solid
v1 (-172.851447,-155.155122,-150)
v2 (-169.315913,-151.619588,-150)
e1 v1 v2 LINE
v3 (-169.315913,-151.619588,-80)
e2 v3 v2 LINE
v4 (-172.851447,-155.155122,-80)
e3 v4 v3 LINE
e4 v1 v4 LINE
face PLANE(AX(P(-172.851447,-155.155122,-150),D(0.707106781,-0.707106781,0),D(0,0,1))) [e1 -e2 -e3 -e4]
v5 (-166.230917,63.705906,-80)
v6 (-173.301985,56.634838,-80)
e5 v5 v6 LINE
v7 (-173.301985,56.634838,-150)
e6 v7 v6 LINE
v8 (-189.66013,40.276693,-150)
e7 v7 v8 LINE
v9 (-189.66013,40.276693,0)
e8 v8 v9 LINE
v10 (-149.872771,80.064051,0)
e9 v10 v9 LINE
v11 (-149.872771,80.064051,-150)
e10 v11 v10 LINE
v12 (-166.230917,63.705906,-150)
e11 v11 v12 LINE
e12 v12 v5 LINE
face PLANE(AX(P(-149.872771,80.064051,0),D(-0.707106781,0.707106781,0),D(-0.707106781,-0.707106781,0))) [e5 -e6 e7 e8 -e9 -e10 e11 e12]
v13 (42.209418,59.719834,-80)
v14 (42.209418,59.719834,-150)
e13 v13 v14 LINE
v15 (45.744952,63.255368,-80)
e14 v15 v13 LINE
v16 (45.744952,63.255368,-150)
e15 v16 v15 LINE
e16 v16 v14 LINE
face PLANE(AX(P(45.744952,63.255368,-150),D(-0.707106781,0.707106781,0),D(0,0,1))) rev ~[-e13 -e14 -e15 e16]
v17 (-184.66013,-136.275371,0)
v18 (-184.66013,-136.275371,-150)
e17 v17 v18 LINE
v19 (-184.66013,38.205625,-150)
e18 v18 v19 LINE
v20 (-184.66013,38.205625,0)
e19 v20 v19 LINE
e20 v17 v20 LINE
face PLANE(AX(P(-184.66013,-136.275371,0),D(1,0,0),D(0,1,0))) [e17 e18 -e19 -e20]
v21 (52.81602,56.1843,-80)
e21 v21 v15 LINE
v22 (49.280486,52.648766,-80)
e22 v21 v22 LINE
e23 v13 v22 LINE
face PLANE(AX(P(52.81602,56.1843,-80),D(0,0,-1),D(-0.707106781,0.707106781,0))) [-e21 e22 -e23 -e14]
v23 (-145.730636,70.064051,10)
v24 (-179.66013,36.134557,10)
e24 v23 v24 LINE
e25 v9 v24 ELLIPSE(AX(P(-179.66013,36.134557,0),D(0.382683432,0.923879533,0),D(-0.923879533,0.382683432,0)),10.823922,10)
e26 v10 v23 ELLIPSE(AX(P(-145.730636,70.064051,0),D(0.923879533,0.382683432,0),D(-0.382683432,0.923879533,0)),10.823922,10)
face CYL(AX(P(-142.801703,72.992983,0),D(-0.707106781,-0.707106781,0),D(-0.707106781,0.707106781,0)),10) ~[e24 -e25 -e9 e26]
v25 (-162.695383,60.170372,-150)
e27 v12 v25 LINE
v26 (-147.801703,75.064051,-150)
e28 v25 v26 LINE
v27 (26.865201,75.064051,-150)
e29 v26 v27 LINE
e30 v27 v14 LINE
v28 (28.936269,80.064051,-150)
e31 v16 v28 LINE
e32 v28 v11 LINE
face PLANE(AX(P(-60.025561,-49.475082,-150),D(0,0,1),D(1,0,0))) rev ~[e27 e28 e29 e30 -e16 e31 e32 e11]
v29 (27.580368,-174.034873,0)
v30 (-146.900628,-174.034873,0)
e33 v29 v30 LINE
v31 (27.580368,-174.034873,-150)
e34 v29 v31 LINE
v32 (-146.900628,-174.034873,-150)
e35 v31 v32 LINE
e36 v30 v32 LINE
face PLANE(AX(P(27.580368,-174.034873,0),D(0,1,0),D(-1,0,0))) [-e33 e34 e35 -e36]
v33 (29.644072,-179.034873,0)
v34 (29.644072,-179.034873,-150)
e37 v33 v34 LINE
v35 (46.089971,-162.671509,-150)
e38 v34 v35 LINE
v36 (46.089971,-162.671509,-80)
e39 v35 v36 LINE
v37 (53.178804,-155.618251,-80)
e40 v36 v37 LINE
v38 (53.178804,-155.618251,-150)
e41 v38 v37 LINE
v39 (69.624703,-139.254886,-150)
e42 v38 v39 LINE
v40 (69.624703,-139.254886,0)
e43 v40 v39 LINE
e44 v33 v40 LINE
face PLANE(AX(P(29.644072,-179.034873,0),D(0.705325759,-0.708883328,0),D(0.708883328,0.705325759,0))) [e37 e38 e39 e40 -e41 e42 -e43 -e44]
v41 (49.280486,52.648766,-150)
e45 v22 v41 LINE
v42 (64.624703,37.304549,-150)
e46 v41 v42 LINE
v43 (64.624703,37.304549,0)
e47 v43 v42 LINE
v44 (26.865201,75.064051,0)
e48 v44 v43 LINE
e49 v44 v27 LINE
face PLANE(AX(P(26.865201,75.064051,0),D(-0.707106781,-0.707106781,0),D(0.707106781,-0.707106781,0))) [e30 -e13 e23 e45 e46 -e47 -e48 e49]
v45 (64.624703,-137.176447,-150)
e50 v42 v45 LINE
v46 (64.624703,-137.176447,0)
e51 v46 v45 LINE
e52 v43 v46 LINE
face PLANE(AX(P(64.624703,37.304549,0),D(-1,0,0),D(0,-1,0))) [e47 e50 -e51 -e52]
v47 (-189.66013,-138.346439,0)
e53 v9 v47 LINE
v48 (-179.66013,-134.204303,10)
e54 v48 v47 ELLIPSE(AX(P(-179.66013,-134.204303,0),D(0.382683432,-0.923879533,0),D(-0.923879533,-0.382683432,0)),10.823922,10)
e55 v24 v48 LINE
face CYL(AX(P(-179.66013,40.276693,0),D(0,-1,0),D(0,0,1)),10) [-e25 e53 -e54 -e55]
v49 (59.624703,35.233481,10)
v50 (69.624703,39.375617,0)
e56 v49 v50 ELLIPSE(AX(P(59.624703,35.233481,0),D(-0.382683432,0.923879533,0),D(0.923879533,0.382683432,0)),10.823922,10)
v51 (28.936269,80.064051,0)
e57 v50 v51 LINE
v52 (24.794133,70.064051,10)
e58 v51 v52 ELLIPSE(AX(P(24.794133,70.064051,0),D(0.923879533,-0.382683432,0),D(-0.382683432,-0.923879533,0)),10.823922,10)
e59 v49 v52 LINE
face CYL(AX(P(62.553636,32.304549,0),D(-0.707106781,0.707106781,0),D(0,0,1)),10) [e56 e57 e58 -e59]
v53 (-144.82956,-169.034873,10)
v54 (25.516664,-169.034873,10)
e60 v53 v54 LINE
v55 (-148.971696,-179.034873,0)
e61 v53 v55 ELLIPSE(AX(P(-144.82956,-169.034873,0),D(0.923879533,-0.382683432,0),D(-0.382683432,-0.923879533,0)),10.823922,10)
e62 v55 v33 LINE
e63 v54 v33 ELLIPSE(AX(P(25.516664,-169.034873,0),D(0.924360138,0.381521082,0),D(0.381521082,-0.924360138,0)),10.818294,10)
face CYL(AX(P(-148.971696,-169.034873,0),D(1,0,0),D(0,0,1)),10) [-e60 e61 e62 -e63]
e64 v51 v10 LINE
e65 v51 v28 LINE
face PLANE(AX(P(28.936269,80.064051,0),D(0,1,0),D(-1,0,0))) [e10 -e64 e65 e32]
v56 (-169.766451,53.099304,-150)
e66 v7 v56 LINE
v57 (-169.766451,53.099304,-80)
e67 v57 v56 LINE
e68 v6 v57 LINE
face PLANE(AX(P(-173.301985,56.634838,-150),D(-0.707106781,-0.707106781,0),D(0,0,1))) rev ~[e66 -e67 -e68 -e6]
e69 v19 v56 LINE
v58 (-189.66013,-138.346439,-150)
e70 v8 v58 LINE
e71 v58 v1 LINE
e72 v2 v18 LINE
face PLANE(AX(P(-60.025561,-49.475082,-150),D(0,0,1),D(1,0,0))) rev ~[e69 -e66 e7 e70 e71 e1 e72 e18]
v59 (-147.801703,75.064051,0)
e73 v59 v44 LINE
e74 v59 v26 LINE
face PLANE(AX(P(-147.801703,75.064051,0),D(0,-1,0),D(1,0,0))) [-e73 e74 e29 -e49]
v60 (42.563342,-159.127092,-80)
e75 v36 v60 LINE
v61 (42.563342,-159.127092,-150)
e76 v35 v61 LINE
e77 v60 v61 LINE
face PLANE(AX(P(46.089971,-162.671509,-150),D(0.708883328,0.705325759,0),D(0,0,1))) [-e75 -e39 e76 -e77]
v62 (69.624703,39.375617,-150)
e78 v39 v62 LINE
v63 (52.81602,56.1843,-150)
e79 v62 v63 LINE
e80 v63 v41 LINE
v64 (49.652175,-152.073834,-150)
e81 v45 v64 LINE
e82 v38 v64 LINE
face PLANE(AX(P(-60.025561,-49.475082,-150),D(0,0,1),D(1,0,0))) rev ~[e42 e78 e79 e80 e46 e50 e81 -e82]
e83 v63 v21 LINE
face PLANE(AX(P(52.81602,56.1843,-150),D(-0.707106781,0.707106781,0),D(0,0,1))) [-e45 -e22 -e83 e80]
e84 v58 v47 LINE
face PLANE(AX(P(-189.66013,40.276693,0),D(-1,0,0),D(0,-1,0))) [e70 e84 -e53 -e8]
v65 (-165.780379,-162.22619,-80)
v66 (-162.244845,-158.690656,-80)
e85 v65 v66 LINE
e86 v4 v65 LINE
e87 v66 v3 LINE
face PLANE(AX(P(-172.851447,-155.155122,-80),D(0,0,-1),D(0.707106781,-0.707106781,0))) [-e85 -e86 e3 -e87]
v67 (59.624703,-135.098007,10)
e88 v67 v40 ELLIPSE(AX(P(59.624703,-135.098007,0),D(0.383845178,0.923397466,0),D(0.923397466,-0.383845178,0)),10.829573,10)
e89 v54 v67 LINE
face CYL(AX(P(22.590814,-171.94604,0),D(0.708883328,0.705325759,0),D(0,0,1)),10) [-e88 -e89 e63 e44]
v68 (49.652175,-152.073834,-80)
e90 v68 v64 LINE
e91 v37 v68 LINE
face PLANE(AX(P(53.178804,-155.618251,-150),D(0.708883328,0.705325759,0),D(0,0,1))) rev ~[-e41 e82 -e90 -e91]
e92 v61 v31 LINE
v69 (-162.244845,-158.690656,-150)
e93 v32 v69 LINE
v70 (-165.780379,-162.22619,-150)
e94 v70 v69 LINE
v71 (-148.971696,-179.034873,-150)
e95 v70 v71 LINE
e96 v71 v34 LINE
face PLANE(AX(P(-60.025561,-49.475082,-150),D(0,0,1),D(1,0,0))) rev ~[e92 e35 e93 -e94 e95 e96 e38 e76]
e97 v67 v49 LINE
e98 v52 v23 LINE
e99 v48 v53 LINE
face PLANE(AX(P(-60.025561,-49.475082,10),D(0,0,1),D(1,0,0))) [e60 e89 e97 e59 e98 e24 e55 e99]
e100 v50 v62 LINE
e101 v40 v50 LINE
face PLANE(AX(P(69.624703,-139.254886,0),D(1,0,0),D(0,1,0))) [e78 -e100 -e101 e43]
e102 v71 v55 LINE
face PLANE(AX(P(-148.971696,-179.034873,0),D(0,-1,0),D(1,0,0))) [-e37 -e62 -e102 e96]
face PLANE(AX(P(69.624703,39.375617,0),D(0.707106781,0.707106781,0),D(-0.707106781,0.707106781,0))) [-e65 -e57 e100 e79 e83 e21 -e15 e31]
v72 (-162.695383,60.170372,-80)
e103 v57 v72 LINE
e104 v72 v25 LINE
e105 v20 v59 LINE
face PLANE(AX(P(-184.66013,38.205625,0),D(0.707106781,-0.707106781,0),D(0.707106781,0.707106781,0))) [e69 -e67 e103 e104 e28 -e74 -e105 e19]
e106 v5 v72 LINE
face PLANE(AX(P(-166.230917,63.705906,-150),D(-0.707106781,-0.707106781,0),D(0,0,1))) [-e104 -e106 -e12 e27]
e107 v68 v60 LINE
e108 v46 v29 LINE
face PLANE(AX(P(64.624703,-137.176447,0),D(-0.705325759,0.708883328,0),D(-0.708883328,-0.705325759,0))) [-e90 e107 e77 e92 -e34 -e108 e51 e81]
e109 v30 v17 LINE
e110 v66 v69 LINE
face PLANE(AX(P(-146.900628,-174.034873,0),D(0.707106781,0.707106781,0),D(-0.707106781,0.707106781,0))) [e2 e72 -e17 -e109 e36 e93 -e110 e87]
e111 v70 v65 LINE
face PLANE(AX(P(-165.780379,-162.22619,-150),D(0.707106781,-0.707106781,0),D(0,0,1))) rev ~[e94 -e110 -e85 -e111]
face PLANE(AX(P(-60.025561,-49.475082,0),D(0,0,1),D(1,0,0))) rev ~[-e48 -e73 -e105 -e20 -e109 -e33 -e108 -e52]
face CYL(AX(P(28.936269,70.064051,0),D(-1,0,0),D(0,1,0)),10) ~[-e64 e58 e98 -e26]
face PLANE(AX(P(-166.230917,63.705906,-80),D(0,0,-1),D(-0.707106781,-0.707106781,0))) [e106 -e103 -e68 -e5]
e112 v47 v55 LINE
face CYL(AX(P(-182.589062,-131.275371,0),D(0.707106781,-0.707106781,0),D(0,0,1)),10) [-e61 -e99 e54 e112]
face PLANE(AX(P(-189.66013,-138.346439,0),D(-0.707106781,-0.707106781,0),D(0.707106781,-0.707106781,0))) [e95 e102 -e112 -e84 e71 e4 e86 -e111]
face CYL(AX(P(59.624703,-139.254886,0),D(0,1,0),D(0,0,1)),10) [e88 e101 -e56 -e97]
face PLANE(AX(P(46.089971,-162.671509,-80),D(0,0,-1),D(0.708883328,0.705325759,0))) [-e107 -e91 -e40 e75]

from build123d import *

# Parameters (mm, degrees)
F1_DEPTH  = 10
F2_DEPTH  = 150
F3_W      = 10
F3_H      = 70
F4_DEPTH  = 25
F5_R      = 10
F8_W      = 10
F8_H      = 70
F9_DEPTH  = 25
F7_W      = 10
F7_H      = 70
F10_DEPTH = 25
F6_W      = 10
F6_H      = 70
F11_DEPTH = 25


with BuildPart() as f1:
    # F0 (on Top) → F1 (new body)
    with BuildSketch(Plane.XY):
        Polygon((28.9362690725, 80.0640511845), (-149.8727713071, 80.0640511845), (-189.6601299418, 40.2766925498), (-189.6601299418, -138.3464388432), (-148.9716956383, -179.0348731467), (29.644071613, -179.0348731467), (69.624703376, -139.2548863311), (69.624703376, 39.375616881), align=None)
        Polygon((-184.6601299418, 38.205624738), (-147.8017034952, 75.0640511845), (26.8652012606, 75.0640511845), (64.624703376, 37.3045490692), (64.624703376, -137.1764467001), (27.5803679428, -174.0348731467), (-146.9006278264, -174.0348731467), (-184.6601299418, -136.2753710313), align=None, mode=Mode.SUBTRACT)
        Polygon((26.8652012606, 75.0640511845), (-147.8017034952, 75.0640511845), (-184.6601299418, 38.205624738), (-184.6601299418, -136.2753710313), (-146.9006278264, -174.0348731467), (27.5803679428, -174.0348731467), (64.624703376, -137.1764467001), (64.624703376, 37.3045490692), align=None)
    extrude(amount=F1_DEPTH)

    # F0 (on Top) → F2 (join)
    with BuildSketch(Plane.XY):
        Polygon((28.9362690725, 80.0640511845), (-149.8727713071, 80.0640511845), (-189.6601299418, 40.2766925498), (-189.6601299418, -138.3464388432), (-148.9716956383, -179.0348731467), (29.644071613, -179.0348731467), (69.624703376, -139.2548863311), (69.624703376, 39.375616881), align=None)
        Polygon((-184.6601299418, 38.205624738), (-147.8017034952, 75.0640511845), (26.8652012606, 75.0640511845), (64.624703376, 37.3045490692), (64.624703376, -137.1764467001), (27.5803679428, -174.0348731467), (-146.9006278264, -174.0348731467), (-184.6601299418, -136.2753710313), align=None, mode=Mode.SUBTRACT)
    extrude(amount=-F2_DEPTH)

    # F3 (on face) → F4 (cut)
    with BuildSketch(Plane(origin=(-164.0032843925, -164.0032843925, 0), x_dir=(0.7071067812, -0.7071067812, 0), z_dir=(-0.7071067812, -0.7071067812, 0))):
        with Locations((-7.5131911317, -115)):
            Rectangle(F3_W, F3_H)
    extrude(amount=-F4_DEPTH, mode=Mode.SUBTRACT)

    # F5
    f5_edges = [f1.edges().sort_by_distance(p)[0] for p in [
        (-60.468251, 80.064051, 10),
        (-169.766451, 60.170372, 10),
        (-189.66013, -49.034873, 10),
        (-169.315913, -158.690656, 10),
        (-59.663812, -179.034873, 10),
        (49.634387, -159.14488, 10),
        (69.624703, -49.939635, 10),
        (49.280486, 59.719834, 10),
    ]]
    fillet(f5_edges, radius=F5_R)

    # F8 (on face) → F9 (cut)
    with BuildSketch(Plane(origin=(-114.9684112458, 114.9684112458, 0), x_dir=(-0.7071067812, -0.7071067812, 0), z_dir=(-0.7071067812, 0.7071067812, 0))):
        with Locations((77.4961304807, -115)):
            Rectangle(F8_W, F8_H)
    extrude(amount=-F9_DEPTH, mode=Mode.SUBTRACT)

    # F7 (on face) → F10 (cut)
    with BuildSketch(Plane(origin=(54.5001601285, 54.5001601285, 0), x_dir=(-0.7071067812, 0.7071067812, 0), z_dir=(0.7071067812, 0.7071067812, 0))):
        with Locations((7.3817336266, -115)):
            Rectangle(F7_W, F7_H)
    extrude(amount=-F10_DEPTH, mode=Mode.SUBTRACT)

    # F6 (on face) → F11 (cut)
    with BuildSketch(Plane(origin=(104.2637675873, -104.7896601235, 0), x_dir=(0.7088833284, 0.7053257593, 0), z_dir=(0.7053257593, -0.7088833284, 0))):
        with Locations((-77.0639933351, -115)):
            Rectangle(F6_W, F6_H)
    extrude(amount=-F11_DEPTH, mode=Mode.SUBTRACT)


solid = f1.part
